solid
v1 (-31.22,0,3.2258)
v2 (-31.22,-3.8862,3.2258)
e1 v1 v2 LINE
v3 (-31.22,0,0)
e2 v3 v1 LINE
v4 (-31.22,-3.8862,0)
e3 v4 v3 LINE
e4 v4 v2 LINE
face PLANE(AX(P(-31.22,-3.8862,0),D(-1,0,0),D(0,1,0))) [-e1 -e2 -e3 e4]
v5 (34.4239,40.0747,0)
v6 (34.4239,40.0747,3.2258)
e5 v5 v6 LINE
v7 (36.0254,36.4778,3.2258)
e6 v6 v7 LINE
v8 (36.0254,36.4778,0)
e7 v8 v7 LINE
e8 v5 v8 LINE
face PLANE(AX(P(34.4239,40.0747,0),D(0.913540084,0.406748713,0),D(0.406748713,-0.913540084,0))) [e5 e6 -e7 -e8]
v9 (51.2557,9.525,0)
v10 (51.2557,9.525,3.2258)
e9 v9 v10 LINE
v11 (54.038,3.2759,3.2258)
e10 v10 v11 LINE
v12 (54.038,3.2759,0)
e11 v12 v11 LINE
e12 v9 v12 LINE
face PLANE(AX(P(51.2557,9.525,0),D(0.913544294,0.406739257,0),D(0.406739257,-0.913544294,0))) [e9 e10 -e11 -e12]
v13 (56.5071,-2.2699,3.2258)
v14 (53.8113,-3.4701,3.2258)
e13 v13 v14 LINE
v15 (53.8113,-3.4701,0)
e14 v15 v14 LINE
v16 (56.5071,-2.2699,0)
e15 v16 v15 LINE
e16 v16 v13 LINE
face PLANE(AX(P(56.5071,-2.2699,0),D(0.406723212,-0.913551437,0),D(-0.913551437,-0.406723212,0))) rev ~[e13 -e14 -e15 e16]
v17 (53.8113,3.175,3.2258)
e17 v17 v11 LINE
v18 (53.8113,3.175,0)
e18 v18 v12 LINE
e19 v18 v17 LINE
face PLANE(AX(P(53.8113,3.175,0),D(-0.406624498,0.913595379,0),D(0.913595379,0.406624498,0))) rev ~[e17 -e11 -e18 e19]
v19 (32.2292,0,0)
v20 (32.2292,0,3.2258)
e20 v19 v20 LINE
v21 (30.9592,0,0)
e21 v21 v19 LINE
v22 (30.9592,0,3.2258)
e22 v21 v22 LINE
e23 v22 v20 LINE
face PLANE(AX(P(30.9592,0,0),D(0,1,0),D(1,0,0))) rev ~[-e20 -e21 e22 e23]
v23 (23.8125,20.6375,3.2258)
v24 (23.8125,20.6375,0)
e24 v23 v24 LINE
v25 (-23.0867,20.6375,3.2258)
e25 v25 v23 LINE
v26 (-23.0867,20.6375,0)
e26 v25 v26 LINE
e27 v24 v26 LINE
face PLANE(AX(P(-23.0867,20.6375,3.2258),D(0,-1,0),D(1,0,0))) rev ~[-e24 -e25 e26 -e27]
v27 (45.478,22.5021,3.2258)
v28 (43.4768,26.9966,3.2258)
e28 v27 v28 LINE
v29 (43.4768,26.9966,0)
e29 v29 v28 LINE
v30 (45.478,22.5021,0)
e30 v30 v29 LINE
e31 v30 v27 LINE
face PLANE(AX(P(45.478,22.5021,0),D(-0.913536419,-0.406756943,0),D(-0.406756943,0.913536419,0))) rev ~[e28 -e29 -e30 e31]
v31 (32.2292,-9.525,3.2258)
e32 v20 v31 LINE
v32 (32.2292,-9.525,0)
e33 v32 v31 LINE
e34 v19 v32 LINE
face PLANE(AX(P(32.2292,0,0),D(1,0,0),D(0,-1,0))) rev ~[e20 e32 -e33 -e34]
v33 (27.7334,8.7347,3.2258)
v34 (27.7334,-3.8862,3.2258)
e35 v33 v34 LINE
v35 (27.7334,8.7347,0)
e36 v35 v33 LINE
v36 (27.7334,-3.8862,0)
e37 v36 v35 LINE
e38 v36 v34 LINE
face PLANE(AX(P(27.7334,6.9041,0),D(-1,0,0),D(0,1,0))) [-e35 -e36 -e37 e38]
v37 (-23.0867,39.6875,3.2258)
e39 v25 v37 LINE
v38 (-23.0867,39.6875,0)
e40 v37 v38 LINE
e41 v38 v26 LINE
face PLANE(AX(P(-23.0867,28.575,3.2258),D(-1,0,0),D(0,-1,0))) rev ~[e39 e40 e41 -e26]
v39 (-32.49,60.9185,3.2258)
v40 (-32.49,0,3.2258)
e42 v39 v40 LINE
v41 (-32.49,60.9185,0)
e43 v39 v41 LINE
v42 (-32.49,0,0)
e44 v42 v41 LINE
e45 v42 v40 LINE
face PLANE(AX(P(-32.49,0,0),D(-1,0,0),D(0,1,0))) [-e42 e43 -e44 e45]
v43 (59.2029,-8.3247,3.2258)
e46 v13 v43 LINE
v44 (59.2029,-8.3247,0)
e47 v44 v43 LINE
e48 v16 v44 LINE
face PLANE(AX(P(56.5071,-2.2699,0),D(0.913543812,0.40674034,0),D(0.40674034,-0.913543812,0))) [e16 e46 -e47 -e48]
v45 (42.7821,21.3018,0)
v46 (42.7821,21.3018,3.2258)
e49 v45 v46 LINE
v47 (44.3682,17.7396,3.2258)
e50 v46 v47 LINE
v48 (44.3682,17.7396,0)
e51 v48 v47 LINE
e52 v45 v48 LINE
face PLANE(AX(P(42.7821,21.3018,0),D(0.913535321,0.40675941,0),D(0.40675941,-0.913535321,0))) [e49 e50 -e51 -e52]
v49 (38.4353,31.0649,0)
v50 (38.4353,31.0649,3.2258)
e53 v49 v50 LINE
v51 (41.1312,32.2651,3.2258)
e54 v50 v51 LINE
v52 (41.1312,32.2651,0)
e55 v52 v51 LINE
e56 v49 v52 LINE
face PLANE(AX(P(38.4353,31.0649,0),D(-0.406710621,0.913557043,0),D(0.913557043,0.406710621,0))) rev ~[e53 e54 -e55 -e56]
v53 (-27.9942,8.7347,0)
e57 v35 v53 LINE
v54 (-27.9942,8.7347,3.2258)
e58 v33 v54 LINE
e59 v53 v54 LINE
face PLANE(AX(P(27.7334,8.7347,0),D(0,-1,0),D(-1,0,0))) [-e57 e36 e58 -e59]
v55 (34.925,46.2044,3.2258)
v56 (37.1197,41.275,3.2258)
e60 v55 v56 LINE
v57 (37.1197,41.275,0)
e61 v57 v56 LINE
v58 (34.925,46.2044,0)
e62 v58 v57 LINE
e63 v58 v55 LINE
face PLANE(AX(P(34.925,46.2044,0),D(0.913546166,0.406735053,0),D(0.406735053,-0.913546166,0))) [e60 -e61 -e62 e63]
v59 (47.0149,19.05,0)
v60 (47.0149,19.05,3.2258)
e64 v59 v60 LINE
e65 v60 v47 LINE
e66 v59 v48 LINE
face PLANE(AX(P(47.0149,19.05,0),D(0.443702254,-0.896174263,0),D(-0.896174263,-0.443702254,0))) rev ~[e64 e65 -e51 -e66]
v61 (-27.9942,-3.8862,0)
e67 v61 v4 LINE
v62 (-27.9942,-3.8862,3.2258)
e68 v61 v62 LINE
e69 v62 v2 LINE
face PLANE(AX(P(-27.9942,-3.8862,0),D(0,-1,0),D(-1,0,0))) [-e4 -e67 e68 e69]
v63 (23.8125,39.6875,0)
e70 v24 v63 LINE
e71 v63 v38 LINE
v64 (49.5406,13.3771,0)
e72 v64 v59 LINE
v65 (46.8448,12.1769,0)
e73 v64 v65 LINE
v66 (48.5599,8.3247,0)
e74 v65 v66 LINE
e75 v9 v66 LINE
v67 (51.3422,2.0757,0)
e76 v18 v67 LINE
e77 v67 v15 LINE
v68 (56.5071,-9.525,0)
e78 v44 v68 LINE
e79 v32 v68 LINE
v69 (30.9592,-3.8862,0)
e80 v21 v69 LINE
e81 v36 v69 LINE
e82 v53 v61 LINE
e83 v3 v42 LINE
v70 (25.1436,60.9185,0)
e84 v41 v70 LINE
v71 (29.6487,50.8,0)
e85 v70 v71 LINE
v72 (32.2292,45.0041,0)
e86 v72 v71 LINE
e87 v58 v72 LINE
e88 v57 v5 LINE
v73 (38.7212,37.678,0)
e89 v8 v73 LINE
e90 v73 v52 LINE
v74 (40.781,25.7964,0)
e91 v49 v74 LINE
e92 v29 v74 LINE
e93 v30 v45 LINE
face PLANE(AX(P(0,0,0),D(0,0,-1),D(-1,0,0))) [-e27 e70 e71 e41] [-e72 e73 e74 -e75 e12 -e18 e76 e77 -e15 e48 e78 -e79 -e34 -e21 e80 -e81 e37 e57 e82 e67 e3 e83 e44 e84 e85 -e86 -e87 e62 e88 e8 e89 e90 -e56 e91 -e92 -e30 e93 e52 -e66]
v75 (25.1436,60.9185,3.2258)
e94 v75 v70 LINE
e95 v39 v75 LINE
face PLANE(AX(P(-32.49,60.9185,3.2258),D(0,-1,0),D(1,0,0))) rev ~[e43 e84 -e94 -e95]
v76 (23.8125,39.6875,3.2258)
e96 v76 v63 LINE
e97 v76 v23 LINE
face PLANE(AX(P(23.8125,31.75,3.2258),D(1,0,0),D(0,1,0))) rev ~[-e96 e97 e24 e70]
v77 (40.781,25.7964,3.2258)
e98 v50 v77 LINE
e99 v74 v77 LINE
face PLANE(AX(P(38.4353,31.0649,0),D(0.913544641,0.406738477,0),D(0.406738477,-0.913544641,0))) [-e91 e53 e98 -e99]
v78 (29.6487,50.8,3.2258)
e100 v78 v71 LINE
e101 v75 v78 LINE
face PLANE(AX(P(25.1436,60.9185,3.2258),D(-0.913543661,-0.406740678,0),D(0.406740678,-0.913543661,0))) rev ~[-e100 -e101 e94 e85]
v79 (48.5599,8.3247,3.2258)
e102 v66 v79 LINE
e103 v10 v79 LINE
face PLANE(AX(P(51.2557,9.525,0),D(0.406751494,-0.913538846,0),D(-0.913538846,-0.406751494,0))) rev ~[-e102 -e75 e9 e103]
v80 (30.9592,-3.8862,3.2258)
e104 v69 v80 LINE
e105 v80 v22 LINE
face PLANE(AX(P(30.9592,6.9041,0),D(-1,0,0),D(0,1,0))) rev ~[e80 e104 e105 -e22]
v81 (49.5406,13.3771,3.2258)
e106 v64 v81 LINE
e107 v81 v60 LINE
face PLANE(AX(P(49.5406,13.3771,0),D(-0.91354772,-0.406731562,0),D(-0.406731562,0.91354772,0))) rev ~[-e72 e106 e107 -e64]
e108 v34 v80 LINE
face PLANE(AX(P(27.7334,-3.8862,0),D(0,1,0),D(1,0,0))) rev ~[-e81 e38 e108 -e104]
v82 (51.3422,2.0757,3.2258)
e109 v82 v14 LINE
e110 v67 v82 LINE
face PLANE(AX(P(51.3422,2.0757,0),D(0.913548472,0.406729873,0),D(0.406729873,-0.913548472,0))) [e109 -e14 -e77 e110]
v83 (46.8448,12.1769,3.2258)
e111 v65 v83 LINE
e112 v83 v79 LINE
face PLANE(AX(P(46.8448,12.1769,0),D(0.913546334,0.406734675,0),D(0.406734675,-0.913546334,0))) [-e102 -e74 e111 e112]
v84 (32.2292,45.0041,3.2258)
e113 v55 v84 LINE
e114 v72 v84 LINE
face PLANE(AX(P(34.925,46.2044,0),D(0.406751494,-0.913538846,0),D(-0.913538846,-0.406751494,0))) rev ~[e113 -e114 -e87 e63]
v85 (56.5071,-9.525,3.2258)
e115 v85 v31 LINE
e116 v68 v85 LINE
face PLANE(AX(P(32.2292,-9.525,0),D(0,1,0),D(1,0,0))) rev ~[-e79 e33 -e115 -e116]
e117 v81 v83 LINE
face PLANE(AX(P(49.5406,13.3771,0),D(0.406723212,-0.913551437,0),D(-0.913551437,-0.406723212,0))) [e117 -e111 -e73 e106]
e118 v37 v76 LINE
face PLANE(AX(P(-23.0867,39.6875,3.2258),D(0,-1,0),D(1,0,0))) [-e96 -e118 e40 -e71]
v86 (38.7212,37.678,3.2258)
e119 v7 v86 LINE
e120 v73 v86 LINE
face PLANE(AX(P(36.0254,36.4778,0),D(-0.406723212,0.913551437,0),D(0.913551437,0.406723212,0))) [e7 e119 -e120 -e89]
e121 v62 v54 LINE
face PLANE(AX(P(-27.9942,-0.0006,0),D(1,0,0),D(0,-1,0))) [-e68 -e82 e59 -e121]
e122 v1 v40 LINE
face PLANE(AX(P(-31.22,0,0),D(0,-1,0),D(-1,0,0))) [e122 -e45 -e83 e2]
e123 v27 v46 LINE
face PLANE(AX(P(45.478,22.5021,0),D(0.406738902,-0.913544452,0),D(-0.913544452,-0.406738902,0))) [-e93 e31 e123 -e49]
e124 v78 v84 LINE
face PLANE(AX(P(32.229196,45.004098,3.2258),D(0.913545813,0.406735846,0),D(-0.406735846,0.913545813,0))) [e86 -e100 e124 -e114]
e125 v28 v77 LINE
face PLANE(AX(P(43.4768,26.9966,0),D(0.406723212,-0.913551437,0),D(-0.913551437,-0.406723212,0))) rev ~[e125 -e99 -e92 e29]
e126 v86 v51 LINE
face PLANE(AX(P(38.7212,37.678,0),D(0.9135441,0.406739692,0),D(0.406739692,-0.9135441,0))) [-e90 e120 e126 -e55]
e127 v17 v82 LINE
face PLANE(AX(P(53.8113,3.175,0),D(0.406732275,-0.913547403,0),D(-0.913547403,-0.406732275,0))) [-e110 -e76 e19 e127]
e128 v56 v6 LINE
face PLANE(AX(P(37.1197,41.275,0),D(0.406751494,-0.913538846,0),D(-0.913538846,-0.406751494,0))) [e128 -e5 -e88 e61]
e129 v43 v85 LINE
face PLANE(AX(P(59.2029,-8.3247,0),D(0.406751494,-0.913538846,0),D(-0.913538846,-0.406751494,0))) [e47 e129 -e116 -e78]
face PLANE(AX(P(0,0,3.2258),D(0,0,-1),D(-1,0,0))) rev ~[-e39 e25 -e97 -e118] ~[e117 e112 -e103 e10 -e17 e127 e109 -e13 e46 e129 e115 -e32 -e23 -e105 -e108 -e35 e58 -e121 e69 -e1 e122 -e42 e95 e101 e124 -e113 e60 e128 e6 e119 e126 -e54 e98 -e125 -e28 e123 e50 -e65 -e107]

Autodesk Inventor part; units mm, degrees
ref_plane "YZ Plane" through (0, 0, 0) normal (1, 0, 0) x (0, 1, 0)
ref_plane "XZ Plane" through (0, 0, 0) normal (0, 1, 0) x (-1, 0, 0)
ref_plane "XY Plane" through (0, 0, 0) normal (0, 0, 1) x (1, 0, 0)
sketch "Sketch1" plane through (0, 0, 0) normal (0, 0, 1) x (1, 0, 0)
  line L0 (-27.9942, -0.0006) -> (-27.9942, -3.8862)
  line L1 (-27.9942, -3.8862) -> (-31.22, -3.8862)
  line L2 (27.7334, 0) -> (27.7334, -3.8862)
  line L3 (-31.22, -3.8862) -> (-31.22, 45.0041)
  line L4 (27.7334, -3.8862) -> (30.9592, -3.8862)
  line L5 (30.9592, -3.8862) -> (30.9592, 45.0041)
  line L6 (30.9592, 45.0041) -> (-31.22, 45.0041)
  line L7 (27.7334, -3.8862) -> (27.7334, 0)
  line L8 (27.7334, 0) -> (27.7334, 6.9041)
  line L9 (27.7334, 6.9041) -> (-27.9942, 6.9041)
  line L10 (-27.9942, 6.9041) -> (-27.9942, -0.0006)
  line L11 (30.9592, 6.9041) -> (-31.22, 6.9041)
  point P0 (0, 0)
  point P1 (27.7334, 4.1367)
  dimension "d3" = 3.2258
  dimension "d4" = 55.7276
  dimension "d5" = 3.2258
  dimension "d33" = 38.1
extrude "Extrusion1" add sketch "Sketch1" along normal blind 3.2258
sketch "Sketch2" plane through (30.9592, -3.8862, 0) normal (1, 0, 0) x (0, 0, -1)
  point P0 (0, 3.8862)
sketch "Sketch4" plane through (0, 0, 0) normal (0, 0, -1) x (-1, 0, 0)
  point P0 (0, 0)
sketch "Sketch5" plane through (0, 0, 0) normal (0, 0, -1) x (-1, 0, 0)
  line L0 (-30.9592, -3.8862) -> (-30.9592, 45.0041) projected
  line L1 (-30.9592, 0) -> (-30.9592, -1.27)
  line L2 (-30.9592, 0) -> (-32.2292, 0)
  line L3 (-32.2292, 0) -> (-32.2292, 45.0041)
  line L4 (-32.2292, 45.0041) -> (-30.9592, 45.0041)
  line L5 (-30.9592, 45.0041) -> (31.22, 45.0041) projected
  line L6 (0.1304, 45.0041) -> (0.1304, 20.6375)
  line L7 (31.22, 0) -> (32.49, 0)
  line L8 (32.49, 0) -> (32.49, 45.0041)
  line L9 (32.49, 45.0041) -> (31.22, 45.0041)
  line L10 (31.22, 45.0041) -> (31.22, -3.8862) projected
  point P0 (0, 0)
  point P1 (-21.0964, 42.2367)
  point P2 (21.0964, 42.2367)
  point P3 (31.22, 0)
  dimension "d14" = 1.27
  dimension "d15" = 1.27
extrude "Extrusion3" add sketch "Sketch5" against normal blind 3.2258
sketch "Sketch10" plane through (0, 0, 0) normal (0, 0, -1) x (-1, 0, 0)
  point P0 (0, 0)
sketch "Sketch11" plane through (0, 0, 0) normal (0, 0, -1) x (-1, 0, 0)
  point P0 (0, 0)
sketch "Sketch13" plane through (0, 0, 0) normal (0, 0, -1) x (-1, 0, 0)
  line L0 (-32.2292, 45.0041) -> (-32.2292, 0) projected
  line L1 (-32.2292, 45.0041) -> (27.4604, 45.0041) construction
  line L2 (-56.5071, -9.525) -> (-32.8958, -9.525)
  line L3 (-32.2292, 0) -> (-30.9592, 0) projected
  line L4 (-32.2292, 0) -> (-32.2292, -9.525)
  line L5 (-32.2292, -9.525) -> (-32.8958, -9.525)
  line L6 (-34.925, 46.2044) -> (-32.2292, 45.0041)
  line L7 (-59.2029, -8.3247) -> (-56.5071, -9.525)
  line L8 (-56.5071, -2.2699) -> (-53.8113, -3.4701)
  line L9 (-53.8113, 3.175) -> (-51.3422, 2.0757)
  line L10 (-37.1197, 41.275) -> (-34.4239, 40.0747)
  line L11 (-36.0254, 36.4778) -> (-38.7212, 37.678)
  line L12 (-38.4353, 31.0649) -> (-41.1312, 32.2651)
  line L13 (-34.925, 46.2044) -> (-37.1197, 41.275)
  line L14 (-38.7212, 37.678) -> (-41.1312, 32.2651)
  line L15 (-56.5071, -2.2699) -> (-59.2029, -8.3247)
  line L16 (-51.2557, 9.525) -> (-48.5599, 8.3247)
  line L17 (-59.2029, -8.3247) -> (-56.5071, -2.2699)
  line L18 (-53.8113, 3.175) -> (-54.038, 3.2759)
  line L19 (-56.5071, -2.2699) -> (-59.2029, -8.3247)
  line L20 (-49.5406, 13.3771) -> (-46.8448, 12.1769)
  line L21 (-47.0149, 19.05) -> (-44.3682, 17.7396)
  line L22 (-45.478, 22.5021) -> (-42.7821, 21.3018)
  line L23 (-43.4768, 26.9966) -> (-40.781, 25.7964)
  line L24 (-34.925, 46.2044) -> (-37.1197, 41.275)
  line L25 (-38.7212, 37.678) -> (-41.1312, 32.2651)
  line L26 (-49.5406, 13.3771) -> (-47.0149, 19.05)
  line L27 (-45.478, 22.5021) -> (-43.4768, 26.9966)
  line L28 (-47.0149, 19.05) -> (-49.5406, 13.3771)
  line L29 (-51.2557, 9.525) -> (-54.038, 3.2759)
  line L30 (-51.3422, 2.0757) -> (-53.8113, -3.4701)
  line L31 (-46.8448, 12.1769) -> (-48.5599, 8.3247)
  line L32 (-42.7821, 21.3018) -> (-44.3682, 17.7396)
  line L33 (-34.4239, 40.0747) -> (-36.0254, 36.4778)
  line L34 (-38.4353, 31.0649) -> (-40.781, 25.7964)
  point P0 (0, 0)
extrude "Extrusion8" add sketch "Sketch13" against normal blind 3.2258
sketch "Sketch14" plane through (0, 0, 3.2258) normal (0, 0, 1) x (1, 0, 0)
  line L0 (-32.49, 45.0041) -> (32.2292, 45.0041) projected
  line L1 (-23.0867, 39.6875) -> (-23.0867, 31.75)
  line L2 (23.8125, 31.75) -> (23.8125, 39.6875)
  line L3 (-23.0867, 31.75) -> (-23.0867, 28.575)
  line L4 (23.8125, 28.575) -> (23.8125, 31.75)
  line L5 (-23.0867, 39.6875) -> (23.8125, 39.6875)
  line L6 (-23.0867, 28.575) -> (-23.0867, 20.6375)
  line L7 (-23.0867, 20.6375) -> (23.8125, 20.6375)
  line L8 (23.8125, 20.6375) -> (23.8125, 28.575)
  point P0 (0, 0)
  point P1 (-27.9942, 45.0041)
  point P2 (27.7334, 45.0041)
extrude "Extrusion9" cut sketch "Sketch14" against normal through all
sketch "Sketch15" plane through (0, 0, 0) normal (0, 0, -1) x (-1, 0, 0)
  line L0 (27.9942, 6.9041) -> (-27.7334, 6.9041) projected
  line L1 (-27.7334, 6.9041) -> (-27.7334, 8.7347)
  line L2 (-27.7334, 8.7347) -> (27.9942, 8.7347)
  line L3 (27.9942, 8.7347) -> (27.9942, 6.9041)
  point P0 (0, 0)
extrude "Extrusion10" cut sketch "Sketch15" against normal through all
sketch "Sketch16" plane through (0, 0, 3.2258) normal (0, 0, 1) x (1, 0, 0)
  line L0 (37.1197, 41.275) -> (34.4239, 40.0747) projected
  line L1 (34.4239, 40.0747) -> (29.6487, 50.8)
  line L2 (34.4239, 40.0747) -> (46.1641, 40.0747) construction
  line L3 (-32.49, 45.0041) -> (-32.49, 0) projected
  line L4 (-32.49, 45.0041) -> (-32.49, 60.9185)
  line L5 (-32.49, 60.9185) -> (25.1436, 60.9185)
  line L6 (25.1436, 60.9185) -> (29.6487, 50.8)
  line L7 (-32.49, 45.0041) -> (32.2292, 45.0041) projected
  line L8 (-32.49, 45.0041) -> (32.2292, 45.0041)
  line L9 (-31.22, 48.8903) -> (-31.22, 45.0041) projected
  line L10 (-31.22, 45.0041) -> (-31.22, 48.8903)
  line L11 (-31.22, 48.8903) -> (-28.575, 48.8903)
  line L12 (-31.22, 48.8903) -> (-27.9942, 48.8903) projected
  line L13 (-27.9942, 48.8903) -> (-27.9942, 45.0041) projected
  line L14 (-27.9942, 48.8903) -> (-27.9942, 45.0041)
  line L15 (-32.49, 45.0041) -> (32.2292, 45.0041) projected
  line L16 (27.7334, 45.0041) -> (27.7334, 48.8903) projected
  line L17 (27.7334, 45.0041) -> (27.7334, 48.8903)
  line L18 (27.7334, 48.8903) -> (30.9592, 48.8903) projected
  line L19 (27.7334, 48.8903) -> (30.9592, 48.8903)
  line L20 (-29.187, 48.8903) -> (-27.9942, 48.8903)
  line L21 (32.2292, 45.0041) -> (34.925, 46.2044) projected
  line L22 (-32.49, 45.0041) -> (32.2292, 45.0041)
  line L23 (25.1436, 60.9185) -> (32.2292, 45.0041)
  point P0 (0, 0)
  point P1 (30.9592, 45.0041)
  dimension "d47" = 114
sketch "Sketch17" plane through (0, 0, 3.2258) normal (0, 0, 1) x (1, 0, 0)
  line L0 (-32.49, 45.0041) -> (32.2292, 45.0041) projected
  line L1 (-32.49, 45.0041) -> (32.2292, 45.0041)
  point P0 (0, 0)
extrude "Extrusion11" add sketch "Sketch16" against normal blind 3.2258
properties part number "mcdave_rail2"
